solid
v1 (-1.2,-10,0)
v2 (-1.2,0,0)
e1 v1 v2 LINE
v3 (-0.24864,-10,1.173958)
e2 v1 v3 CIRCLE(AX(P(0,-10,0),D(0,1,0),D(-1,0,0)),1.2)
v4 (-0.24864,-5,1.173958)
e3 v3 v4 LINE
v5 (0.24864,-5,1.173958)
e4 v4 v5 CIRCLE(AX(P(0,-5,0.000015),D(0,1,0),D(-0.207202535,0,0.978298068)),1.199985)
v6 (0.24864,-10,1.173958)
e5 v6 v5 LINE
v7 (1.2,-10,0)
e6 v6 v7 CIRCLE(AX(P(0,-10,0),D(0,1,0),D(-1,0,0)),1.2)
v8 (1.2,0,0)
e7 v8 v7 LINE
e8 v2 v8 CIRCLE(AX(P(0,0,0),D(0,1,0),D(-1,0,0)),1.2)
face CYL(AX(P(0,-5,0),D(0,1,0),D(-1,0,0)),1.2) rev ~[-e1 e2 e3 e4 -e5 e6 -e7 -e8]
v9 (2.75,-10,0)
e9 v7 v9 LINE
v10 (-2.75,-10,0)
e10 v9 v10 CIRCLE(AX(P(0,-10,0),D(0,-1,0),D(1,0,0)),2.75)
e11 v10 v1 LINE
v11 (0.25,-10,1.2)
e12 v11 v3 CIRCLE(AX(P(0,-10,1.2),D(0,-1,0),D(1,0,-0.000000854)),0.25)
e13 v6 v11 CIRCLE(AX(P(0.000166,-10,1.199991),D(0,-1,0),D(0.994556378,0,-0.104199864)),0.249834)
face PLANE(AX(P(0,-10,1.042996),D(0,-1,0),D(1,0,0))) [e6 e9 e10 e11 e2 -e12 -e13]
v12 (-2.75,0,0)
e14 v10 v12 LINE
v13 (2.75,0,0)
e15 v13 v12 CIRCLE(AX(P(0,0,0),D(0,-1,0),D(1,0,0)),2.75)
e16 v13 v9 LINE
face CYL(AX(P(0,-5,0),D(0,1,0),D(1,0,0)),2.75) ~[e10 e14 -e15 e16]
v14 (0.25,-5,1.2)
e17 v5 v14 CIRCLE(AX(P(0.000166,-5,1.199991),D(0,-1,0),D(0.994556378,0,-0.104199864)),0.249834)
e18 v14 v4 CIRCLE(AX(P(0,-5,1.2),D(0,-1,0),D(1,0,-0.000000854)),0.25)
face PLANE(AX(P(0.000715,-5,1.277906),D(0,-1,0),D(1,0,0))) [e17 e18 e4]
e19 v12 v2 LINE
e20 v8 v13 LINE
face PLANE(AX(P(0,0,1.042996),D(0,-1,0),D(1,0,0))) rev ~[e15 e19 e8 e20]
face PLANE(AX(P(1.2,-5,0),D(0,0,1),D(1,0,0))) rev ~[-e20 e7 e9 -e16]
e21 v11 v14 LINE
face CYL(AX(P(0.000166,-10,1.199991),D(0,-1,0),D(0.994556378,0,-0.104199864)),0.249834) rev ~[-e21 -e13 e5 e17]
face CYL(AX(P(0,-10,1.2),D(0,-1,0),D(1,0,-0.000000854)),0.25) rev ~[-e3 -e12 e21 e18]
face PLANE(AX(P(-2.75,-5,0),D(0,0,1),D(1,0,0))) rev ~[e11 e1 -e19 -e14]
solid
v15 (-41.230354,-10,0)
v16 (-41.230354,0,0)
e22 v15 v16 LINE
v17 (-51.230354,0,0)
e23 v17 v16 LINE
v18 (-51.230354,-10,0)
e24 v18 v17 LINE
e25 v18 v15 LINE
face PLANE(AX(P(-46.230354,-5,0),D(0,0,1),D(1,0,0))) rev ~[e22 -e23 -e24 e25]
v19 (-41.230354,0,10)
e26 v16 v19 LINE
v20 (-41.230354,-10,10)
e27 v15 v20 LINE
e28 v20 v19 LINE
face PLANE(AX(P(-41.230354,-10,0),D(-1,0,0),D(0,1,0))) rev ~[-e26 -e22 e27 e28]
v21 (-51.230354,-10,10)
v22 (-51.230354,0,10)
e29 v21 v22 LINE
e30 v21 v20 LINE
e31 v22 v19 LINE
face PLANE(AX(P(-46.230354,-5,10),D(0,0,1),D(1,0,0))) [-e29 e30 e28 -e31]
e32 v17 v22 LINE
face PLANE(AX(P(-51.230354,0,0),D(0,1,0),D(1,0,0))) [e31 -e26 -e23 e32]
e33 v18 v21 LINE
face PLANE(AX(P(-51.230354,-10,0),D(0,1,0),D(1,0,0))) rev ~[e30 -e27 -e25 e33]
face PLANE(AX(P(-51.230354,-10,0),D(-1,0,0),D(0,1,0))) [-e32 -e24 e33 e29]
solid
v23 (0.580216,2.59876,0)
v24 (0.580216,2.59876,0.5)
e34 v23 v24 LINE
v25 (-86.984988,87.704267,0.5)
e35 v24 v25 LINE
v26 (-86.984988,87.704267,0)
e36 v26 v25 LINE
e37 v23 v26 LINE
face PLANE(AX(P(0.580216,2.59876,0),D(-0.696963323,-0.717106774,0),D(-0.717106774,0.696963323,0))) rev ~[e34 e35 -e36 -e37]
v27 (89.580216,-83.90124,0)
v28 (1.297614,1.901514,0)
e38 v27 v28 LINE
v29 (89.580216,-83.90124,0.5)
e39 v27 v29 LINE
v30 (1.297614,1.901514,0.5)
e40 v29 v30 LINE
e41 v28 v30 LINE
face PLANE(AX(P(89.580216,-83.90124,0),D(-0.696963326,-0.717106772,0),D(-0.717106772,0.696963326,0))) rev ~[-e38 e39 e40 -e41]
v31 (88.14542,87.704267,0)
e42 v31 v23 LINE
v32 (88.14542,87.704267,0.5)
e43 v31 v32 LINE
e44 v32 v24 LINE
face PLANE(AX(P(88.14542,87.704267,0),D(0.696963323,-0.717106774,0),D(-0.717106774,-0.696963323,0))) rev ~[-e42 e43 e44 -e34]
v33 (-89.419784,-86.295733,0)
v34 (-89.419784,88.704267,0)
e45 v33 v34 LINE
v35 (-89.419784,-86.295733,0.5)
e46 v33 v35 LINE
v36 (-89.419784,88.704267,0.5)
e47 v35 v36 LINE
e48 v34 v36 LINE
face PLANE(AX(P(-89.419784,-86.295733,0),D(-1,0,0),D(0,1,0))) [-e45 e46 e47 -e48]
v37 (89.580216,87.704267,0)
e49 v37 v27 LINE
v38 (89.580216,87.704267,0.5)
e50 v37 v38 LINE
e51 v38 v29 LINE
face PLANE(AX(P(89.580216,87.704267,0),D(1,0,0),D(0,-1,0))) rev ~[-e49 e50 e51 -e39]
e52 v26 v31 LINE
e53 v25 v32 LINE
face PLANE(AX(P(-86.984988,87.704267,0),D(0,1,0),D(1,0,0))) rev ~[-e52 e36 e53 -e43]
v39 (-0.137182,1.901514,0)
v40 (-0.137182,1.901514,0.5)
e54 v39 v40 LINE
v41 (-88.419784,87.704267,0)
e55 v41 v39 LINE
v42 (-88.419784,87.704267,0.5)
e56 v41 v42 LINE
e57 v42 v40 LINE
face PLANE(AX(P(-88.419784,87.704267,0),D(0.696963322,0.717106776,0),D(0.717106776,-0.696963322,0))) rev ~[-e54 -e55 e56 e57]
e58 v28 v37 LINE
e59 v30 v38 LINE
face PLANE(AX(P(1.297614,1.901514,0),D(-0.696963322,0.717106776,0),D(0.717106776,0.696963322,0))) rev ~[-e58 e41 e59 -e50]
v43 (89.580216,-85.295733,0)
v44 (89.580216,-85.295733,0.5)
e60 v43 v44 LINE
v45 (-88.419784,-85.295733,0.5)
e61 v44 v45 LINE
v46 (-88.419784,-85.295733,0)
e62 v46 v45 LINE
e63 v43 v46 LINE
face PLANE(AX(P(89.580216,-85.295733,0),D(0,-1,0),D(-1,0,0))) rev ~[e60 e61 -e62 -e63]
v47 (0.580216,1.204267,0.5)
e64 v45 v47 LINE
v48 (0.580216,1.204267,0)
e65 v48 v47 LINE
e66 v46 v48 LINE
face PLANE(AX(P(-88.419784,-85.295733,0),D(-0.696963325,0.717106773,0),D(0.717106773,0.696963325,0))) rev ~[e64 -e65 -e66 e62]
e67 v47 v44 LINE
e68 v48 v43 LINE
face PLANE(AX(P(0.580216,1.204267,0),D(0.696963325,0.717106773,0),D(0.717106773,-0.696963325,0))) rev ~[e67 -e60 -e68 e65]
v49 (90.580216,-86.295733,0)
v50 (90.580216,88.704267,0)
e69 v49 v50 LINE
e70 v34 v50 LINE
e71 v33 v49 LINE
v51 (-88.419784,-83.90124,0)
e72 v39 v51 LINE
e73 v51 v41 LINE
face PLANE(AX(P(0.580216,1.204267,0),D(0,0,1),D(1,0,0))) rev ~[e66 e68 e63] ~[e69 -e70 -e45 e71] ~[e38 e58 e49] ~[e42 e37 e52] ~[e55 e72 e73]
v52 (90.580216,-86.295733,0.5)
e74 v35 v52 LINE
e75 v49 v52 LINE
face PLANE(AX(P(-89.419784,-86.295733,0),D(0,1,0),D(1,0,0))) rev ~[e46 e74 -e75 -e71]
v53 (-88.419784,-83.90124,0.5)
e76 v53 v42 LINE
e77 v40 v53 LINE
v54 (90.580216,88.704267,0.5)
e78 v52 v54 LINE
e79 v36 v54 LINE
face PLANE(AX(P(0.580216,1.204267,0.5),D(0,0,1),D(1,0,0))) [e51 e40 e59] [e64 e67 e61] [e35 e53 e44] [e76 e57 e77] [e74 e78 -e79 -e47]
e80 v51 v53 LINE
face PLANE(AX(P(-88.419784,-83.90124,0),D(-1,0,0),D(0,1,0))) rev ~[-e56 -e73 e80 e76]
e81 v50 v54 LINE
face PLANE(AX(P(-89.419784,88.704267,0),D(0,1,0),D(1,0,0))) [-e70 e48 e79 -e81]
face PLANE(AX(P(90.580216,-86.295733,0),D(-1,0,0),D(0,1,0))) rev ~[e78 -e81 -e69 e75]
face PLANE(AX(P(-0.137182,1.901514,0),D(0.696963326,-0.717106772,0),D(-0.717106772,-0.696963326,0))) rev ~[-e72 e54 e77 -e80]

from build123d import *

# Parameters (mm, degrees)
F1_DEPTH = 5
F3_DEPTH = 5
F5_DEPTH = 5
F6_W     = 180
F6_H     = 175
F7_DEPTH = 0.5
F8_W     = 10
F8_H     = 10
F9_DEPTH = 10


with BuildPart() as f1:
    # F0 (on Front) → F1 (new body)
    with BuildSketch(Plane.XZ):
        with BuildLine():
            Line((1.2, 0), (2.75, 0))
            ThreePointArc((2.75, 0), (0, 2.75), (-2.75, 0))
            Line((-2.75, 0), (-1.2, 0))
            ThreePointArc((-1.2, 0), (0, 1.2), (1.2, 0))
        make_face()
    extrude(amount=F1_DEPTH)

    # F2 (on face) → F3 (join)
    with BuildSketch(Plane.XZ.offset(5)):
        with BuildLine():
            ThreePointArc((-1.2, 0), (0, 1.2), (1.2, 0))
            Line((1.2, 0), (2.75, 0))
            ThreePointArc((2.75, 0), (0, 2.75), (-2.75, 0))
            Line((-2.75, 0), (-1.2, 0))
        make_face()
    extrude(amount=F3_DEPTH)

    # F4 (on face) → F5 (cut)
    with BuildSketch(Plane.XZ.offset(10)):
        with BuildLine():
            ThreePointArc((0.24864, 1.173958), (0.24966, 1.186961), (0.25, 1.2))
            ThreePointArc((0.25, 1.2), (-0.013039, 1.44966), (-0.24864, 1.173958))
            ThreePointArc((-0.24864, 1.173958), (0, 1.2), (0.24864, 1.173958))
        make_face()
    extrude(amount=-F5_DEPTH, mode=Mode.SUBTRACT)


with BuildPart() as f7:
    # F6 (on Top) → F7 (new body)
    with BuildSketch(Plane.XY):
        with Locations((0.580216, 1.204267)):
            Rectangle(F6_W, F6_H)
        Polygon((89.580216, -85.295733), (-88.419784, -85.295733), (0.580216, 1.204267), align=None, mode=Mode.SUBTRACT)
        Polygon((-0.137182, 1.901514), (-88.419784, -83.90124), (-88.419784, 87.704267), align=None, mode=Mode.SUBTRACT)
        Polygon((0.580216, 2.59876), (-86.984988, 87.704267), (88.14542, 87.704267), align=None, mode=Mode.SUBTRACT)
        Polygon((89.580216, 87.704267), (89.580216, -83.90124), (1.297614, 1.901514), align=None, mode=Mode.SUBTRACT)
    extrude(amount=F7_DEPTH)


with BuildPart() as f9:
    # F8 (on Top) → F9 (new body)
    with BuildSketch(Plane.XY):
        with Locations((-46.230354, -5)):
            Rectangle(F8_W, F8_H)
    extrude(amount=F9_DEPTH)


solid = Compound([f1.part, f7.part, f9.part])
